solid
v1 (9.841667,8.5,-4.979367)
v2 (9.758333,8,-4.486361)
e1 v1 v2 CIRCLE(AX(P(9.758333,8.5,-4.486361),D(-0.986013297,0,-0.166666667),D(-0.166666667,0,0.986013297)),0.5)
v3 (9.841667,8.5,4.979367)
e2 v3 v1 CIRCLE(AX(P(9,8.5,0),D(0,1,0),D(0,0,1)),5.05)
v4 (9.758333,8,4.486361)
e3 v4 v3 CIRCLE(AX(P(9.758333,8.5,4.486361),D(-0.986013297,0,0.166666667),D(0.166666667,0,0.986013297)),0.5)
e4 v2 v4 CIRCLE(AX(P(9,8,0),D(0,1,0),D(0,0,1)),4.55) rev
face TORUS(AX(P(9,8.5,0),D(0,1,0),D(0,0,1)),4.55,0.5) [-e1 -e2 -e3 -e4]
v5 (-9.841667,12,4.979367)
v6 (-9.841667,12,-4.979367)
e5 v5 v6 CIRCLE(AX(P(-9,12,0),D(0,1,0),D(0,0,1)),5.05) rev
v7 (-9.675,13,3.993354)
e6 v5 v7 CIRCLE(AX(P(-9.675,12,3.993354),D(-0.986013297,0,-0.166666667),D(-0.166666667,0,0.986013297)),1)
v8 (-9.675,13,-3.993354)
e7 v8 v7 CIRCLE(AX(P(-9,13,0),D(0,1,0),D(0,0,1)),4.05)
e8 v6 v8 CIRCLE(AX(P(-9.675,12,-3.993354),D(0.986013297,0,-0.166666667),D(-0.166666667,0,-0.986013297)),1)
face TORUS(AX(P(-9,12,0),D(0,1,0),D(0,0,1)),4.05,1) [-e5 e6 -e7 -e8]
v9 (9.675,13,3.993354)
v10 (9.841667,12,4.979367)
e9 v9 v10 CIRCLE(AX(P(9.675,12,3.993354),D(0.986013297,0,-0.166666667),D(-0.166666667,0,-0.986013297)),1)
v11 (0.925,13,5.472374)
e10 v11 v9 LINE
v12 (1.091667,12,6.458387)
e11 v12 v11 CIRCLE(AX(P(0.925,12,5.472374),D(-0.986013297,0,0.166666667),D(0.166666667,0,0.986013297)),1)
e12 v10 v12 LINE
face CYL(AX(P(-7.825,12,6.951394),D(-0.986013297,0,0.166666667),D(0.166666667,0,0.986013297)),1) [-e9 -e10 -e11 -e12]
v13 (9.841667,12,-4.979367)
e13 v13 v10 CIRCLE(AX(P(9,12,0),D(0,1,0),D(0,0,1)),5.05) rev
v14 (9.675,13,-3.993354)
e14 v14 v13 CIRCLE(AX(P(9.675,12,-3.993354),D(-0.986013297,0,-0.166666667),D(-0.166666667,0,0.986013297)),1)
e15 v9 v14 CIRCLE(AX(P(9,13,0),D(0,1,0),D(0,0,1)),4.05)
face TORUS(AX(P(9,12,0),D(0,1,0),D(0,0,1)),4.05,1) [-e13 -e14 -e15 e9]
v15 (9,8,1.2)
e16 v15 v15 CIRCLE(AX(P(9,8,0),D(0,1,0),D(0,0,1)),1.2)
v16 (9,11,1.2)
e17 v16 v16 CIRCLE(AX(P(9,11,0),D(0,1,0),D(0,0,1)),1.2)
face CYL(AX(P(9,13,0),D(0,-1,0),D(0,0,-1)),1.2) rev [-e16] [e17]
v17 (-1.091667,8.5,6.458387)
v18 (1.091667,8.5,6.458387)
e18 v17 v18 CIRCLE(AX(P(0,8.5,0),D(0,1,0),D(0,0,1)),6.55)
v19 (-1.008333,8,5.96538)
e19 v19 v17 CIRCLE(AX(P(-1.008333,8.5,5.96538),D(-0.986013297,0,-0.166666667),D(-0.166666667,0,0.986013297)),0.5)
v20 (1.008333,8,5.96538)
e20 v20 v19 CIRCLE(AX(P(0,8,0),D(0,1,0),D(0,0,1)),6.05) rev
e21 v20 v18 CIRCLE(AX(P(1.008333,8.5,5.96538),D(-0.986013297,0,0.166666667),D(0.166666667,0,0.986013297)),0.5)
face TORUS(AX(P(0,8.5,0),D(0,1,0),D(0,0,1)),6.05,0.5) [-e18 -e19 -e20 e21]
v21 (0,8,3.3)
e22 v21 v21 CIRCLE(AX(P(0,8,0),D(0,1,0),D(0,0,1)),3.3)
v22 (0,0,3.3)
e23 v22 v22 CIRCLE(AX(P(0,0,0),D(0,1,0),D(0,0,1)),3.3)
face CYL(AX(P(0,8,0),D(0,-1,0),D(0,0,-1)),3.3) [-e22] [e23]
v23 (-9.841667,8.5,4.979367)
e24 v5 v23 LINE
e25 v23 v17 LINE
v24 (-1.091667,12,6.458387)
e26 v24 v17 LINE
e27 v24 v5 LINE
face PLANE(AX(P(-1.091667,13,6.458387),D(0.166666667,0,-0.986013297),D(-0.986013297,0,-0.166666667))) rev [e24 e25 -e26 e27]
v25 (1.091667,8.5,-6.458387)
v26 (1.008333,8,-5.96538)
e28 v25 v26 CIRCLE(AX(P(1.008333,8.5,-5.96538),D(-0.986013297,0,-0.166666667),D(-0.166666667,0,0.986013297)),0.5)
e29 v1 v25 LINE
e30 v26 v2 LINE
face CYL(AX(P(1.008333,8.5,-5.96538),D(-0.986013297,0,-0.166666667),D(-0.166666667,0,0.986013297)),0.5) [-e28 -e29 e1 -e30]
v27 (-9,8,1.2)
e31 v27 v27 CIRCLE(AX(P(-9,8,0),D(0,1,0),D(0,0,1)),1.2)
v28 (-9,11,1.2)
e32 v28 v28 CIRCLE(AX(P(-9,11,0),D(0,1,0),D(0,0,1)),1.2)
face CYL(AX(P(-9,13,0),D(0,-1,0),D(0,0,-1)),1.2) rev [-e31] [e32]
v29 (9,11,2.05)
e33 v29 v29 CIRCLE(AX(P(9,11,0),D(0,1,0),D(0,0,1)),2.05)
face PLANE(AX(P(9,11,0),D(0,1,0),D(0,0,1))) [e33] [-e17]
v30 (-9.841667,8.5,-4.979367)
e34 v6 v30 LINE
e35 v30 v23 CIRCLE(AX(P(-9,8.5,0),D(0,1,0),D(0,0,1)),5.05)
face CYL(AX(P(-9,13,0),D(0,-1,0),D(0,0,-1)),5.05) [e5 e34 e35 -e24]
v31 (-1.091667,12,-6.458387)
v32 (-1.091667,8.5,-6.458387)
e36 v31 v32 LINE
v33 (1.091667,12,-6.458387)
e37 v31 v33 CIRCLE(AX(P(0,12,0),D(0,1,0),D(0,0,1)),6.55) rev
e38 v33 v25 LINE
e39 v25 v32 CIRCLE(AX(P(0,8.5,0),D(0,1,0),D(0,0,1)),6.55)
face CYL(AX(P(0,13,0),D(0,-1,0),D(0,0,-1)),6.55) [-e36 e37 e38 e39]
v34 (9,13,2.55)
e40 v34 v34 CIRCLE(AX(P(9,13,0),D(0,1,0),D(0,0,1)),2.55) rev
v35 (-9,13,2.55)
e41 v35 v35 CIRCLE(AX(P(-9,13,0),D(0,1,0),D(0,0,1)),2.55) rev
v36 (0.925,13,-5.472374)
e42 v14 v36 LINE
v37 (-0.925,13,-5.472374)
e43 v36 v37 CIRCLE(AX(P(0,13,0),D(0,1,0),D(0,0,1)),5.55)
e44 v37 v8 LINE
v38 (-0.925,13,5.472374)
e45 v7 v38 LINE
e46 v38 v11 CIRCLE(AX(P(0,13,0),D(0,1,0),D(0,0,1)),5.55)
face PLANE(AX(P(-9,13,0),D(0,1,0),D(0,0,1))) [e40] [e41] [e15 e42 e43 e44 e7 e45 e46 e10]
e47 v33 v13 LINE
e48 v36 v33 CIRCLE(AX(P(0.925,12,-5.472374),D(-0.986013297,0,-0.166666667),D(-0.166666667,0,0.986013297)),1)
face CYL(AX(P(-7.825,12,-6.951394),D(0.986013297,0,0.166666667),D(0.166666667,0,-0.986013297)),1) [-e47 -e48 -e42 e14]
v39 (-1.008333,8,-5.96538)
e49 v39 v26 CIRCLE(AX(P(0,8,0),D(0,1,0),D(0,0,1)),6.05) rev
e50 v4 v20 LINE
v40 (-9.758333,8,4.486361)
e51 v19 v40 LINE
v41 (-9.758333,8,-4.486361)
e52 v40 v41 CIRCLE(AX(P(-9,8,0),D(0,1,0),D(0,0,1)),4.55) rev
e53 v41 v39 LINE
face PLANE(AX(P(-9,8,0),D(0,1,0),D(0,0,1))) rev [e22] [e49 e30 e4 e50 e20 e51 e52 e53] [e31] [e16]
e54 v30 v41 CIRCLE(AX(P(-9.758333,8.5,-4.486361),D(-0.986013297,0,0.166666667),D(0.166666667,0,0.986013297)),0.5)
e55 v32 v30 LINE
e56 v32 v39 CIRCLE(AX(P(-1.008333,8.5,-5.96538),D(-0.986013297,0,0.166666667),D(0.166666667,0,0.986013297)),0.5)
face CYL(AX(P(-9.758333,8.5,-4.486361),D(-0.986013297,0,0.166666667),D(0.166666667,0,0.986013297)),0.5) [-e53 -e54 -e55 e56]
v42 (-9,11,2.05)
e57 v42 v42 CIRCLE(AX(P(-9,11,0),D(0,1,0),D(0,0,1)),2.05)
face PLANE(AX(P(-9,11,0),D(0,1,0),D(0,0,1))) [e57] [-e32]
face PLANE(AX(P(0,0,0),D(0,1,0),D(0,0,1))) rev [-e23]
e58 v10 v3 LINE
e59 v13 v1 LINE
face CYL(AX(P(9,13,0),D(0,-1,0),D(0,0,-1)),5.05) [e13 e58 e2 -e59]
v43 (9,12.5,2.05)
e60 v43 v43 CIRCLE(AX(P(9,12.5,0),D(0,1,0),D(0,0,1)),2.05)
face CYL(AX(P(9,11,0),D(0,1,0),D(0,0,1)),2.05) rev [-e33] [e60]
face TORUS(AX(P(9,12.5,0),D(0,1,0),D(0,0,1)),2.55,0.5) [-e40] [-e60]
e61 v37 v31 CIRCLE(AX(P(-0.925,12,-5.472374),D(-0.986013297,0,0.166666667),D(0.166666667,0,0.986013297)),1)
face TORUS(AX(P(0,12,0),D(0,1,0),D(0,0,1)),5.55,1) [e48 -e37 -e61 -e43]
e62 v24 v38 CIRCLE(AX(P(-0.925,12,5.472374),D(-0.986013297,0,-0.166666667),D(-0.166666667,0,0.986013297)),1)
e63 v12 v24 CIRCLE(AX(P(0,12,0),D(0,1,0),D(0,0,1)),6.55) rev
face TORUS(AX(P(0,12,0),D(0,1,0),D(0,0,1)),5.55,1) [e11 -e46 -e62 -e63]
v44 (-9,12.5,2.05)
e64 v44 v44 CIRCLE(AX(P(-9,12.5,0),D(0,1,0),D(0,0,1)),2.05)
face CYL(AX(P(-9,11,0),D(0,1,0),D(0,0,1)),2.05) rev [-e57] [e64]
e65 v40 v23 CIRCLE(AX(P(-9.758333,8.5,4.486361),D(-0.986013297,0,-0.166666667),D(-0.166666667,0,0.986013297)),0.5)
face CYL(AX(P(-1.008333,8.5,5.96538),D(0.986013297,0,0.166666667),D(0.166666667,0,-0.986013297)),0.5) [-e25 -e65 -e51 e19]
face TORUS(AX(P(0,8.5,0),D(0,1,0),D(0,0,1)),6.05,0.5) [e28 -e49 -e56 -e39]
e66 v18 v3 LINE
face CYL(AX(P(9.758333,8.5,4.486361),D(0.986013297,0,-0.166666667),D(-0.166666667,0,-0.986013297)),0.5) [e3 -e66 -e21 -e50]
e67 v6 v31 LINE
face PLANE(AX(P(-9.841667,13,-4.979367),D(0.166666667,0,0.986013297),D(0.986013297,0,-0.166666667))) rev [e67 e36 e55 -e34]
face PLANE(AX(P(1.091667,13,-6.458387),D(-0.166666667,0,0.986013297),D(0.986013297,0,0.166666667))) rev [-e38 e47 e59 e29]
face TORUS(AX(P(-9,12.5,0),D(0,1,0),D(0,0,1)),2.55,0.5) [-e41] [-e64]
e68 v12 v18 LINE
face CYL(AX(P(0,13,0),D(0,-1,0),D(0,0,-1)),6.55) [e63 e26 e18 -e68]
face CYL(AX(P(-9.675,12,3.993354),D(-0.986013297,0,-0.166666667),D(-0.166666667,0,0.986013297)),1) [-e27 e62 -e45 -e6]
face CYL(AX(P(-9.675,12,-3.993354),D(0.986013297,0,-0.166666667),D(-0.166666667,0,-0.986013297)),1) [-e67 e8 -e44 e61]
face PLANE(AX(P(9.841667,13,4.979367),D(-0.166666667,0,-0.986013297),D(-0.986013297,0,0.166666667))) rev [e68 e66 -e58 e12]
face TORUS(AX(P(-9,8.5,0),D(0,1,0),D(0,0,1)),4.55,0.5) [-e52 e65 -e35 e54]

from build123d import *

# Parameters (mm, degrees)
SKETCH1_R           = 3.3
BOSS_EXTRUDE1_DEPTH = 8
SKETCH2_R           = 1.2
BOSS_EXTRUDE2_DEPTH = 5
SKETCH3_R           = 2.05
CUT_EXTRUDE1_DEPTH  = 2
FILLET1_R           = 0.5
FILLET2_R           = 1


with BuildPart() as part:
    # Sketch1 → Boss-Extrude1 (new body)
    with BuildSketch(Plane(origin=(0, 0, 0), x_dir=(1, 0, 0), z_dir=(0, 1, 0))):
        with Locations(Location((0, 0, 0), (0, 0, 270))):
            Circle(SKETCH1_R)
    extrude(amount=BOSS_EXTRUDE1_DEPTH)

    # Sketch2 → Boss-Extrude2 (add)
    with BuildSketch(Plane(origin=(0, 8, 0), x_dir=(1, 0, 0), z_dir=(0, 1, 0))):
        with BuildLine():
            Line((-9.841666667, 4.979367151), (-1.091666667, 6.458387097))
            ThreePointArc((-1.091666667, 6.458387097), (0, 6.55), (1.091666667, 6.458387097))
            Line((1.091666667, 6.458387097), (9.841666667, 4.979367151))
            ThreePointArc((9.841666667, 4.979367151), (14.05, 0), (9.841666667, -4.979367151))
            Line((9.841666667, -4.979367151), (1.091666667, -6.458387097))
            ThreePointArc((1.091666667, -6.458387097), (0, -6.55), (-1.091666667, -6.458387097))
            Line((-1.091666667, -6.458387097), (-9.841666667, -4.979367151))
            ThreePointArc((-9.841666667, -4.979367151), (-14.05, 0), (-9.841666667, 4.979367151))
        make_face()
        with Locations(Location((-9, 0, 0), (0, 0, 270))):
            Circle(SKETCH2_R, mode=Mode.SUBTRACT)
        with Locations(Location((9, 0, 0), (0, 0, 270))):
            Circle(SKETCH2_R, mode=Mode.SUBTRACT)
    extrude(amount=BOSS_EXTRUDE2_DEPTH)

    # Sketch3 → Cut-Extrude1 (cut)
    with BuildSketch(Plane(origin=(0, 13, 0), x_dir=(1, 0, 0), z_dir=(0, 1, 0))):
        with Locations(Location((-9, 0, 0), (0, 0, 270))):
            Circle(SKETCH3_R)
        with Locations(Location((9, 0, 0), (0, 0, 270))):
            Circle(SKETCH3_R)
    extrude(amount=-CUT_EXTRUDE1_DEPTH, mode=Mode.SUBTRACT)

    # Fillet1
    fillet1_edges = [part.edges().sort_by_distance(p)[0] for p in [
        (5.466666667, 8, 5.718877124),
        (14.05, 8, 0),
        (5.466666667, 8, -5.718877124),
        (0, 8, -6.55),
        (-5.466666667, 8, -5.718877124),
        (-9, 13, -2.05),
        (9, 13, -2.05),
        (-14.05, 8, 0),
        (-5.466666667, 8, 5.718877124),
        (0, 8, 6.55),
    ]]
    fillet(fillet1_edges, radius=FILLET1_R)

    # Fillet2
    fillet2_edges = [part.edges().sort_by_distance(p)[0] for p in [
        (-14.05, 13, 0),
        (-5.466666667, 13, 5.718877124),
        (0, 13, 6.55),
        (5.466666667, 13, 5.718877124),
        (14.05, 13, 0),
        (5.466666667, 13, -5.718877124),
        (0, 13, -6.55),
        (-5.466666667, 13, -5.718877124),
    ]]
    fillet(fillet2_edges, radius=FILLET2_R)


solid = part.part
